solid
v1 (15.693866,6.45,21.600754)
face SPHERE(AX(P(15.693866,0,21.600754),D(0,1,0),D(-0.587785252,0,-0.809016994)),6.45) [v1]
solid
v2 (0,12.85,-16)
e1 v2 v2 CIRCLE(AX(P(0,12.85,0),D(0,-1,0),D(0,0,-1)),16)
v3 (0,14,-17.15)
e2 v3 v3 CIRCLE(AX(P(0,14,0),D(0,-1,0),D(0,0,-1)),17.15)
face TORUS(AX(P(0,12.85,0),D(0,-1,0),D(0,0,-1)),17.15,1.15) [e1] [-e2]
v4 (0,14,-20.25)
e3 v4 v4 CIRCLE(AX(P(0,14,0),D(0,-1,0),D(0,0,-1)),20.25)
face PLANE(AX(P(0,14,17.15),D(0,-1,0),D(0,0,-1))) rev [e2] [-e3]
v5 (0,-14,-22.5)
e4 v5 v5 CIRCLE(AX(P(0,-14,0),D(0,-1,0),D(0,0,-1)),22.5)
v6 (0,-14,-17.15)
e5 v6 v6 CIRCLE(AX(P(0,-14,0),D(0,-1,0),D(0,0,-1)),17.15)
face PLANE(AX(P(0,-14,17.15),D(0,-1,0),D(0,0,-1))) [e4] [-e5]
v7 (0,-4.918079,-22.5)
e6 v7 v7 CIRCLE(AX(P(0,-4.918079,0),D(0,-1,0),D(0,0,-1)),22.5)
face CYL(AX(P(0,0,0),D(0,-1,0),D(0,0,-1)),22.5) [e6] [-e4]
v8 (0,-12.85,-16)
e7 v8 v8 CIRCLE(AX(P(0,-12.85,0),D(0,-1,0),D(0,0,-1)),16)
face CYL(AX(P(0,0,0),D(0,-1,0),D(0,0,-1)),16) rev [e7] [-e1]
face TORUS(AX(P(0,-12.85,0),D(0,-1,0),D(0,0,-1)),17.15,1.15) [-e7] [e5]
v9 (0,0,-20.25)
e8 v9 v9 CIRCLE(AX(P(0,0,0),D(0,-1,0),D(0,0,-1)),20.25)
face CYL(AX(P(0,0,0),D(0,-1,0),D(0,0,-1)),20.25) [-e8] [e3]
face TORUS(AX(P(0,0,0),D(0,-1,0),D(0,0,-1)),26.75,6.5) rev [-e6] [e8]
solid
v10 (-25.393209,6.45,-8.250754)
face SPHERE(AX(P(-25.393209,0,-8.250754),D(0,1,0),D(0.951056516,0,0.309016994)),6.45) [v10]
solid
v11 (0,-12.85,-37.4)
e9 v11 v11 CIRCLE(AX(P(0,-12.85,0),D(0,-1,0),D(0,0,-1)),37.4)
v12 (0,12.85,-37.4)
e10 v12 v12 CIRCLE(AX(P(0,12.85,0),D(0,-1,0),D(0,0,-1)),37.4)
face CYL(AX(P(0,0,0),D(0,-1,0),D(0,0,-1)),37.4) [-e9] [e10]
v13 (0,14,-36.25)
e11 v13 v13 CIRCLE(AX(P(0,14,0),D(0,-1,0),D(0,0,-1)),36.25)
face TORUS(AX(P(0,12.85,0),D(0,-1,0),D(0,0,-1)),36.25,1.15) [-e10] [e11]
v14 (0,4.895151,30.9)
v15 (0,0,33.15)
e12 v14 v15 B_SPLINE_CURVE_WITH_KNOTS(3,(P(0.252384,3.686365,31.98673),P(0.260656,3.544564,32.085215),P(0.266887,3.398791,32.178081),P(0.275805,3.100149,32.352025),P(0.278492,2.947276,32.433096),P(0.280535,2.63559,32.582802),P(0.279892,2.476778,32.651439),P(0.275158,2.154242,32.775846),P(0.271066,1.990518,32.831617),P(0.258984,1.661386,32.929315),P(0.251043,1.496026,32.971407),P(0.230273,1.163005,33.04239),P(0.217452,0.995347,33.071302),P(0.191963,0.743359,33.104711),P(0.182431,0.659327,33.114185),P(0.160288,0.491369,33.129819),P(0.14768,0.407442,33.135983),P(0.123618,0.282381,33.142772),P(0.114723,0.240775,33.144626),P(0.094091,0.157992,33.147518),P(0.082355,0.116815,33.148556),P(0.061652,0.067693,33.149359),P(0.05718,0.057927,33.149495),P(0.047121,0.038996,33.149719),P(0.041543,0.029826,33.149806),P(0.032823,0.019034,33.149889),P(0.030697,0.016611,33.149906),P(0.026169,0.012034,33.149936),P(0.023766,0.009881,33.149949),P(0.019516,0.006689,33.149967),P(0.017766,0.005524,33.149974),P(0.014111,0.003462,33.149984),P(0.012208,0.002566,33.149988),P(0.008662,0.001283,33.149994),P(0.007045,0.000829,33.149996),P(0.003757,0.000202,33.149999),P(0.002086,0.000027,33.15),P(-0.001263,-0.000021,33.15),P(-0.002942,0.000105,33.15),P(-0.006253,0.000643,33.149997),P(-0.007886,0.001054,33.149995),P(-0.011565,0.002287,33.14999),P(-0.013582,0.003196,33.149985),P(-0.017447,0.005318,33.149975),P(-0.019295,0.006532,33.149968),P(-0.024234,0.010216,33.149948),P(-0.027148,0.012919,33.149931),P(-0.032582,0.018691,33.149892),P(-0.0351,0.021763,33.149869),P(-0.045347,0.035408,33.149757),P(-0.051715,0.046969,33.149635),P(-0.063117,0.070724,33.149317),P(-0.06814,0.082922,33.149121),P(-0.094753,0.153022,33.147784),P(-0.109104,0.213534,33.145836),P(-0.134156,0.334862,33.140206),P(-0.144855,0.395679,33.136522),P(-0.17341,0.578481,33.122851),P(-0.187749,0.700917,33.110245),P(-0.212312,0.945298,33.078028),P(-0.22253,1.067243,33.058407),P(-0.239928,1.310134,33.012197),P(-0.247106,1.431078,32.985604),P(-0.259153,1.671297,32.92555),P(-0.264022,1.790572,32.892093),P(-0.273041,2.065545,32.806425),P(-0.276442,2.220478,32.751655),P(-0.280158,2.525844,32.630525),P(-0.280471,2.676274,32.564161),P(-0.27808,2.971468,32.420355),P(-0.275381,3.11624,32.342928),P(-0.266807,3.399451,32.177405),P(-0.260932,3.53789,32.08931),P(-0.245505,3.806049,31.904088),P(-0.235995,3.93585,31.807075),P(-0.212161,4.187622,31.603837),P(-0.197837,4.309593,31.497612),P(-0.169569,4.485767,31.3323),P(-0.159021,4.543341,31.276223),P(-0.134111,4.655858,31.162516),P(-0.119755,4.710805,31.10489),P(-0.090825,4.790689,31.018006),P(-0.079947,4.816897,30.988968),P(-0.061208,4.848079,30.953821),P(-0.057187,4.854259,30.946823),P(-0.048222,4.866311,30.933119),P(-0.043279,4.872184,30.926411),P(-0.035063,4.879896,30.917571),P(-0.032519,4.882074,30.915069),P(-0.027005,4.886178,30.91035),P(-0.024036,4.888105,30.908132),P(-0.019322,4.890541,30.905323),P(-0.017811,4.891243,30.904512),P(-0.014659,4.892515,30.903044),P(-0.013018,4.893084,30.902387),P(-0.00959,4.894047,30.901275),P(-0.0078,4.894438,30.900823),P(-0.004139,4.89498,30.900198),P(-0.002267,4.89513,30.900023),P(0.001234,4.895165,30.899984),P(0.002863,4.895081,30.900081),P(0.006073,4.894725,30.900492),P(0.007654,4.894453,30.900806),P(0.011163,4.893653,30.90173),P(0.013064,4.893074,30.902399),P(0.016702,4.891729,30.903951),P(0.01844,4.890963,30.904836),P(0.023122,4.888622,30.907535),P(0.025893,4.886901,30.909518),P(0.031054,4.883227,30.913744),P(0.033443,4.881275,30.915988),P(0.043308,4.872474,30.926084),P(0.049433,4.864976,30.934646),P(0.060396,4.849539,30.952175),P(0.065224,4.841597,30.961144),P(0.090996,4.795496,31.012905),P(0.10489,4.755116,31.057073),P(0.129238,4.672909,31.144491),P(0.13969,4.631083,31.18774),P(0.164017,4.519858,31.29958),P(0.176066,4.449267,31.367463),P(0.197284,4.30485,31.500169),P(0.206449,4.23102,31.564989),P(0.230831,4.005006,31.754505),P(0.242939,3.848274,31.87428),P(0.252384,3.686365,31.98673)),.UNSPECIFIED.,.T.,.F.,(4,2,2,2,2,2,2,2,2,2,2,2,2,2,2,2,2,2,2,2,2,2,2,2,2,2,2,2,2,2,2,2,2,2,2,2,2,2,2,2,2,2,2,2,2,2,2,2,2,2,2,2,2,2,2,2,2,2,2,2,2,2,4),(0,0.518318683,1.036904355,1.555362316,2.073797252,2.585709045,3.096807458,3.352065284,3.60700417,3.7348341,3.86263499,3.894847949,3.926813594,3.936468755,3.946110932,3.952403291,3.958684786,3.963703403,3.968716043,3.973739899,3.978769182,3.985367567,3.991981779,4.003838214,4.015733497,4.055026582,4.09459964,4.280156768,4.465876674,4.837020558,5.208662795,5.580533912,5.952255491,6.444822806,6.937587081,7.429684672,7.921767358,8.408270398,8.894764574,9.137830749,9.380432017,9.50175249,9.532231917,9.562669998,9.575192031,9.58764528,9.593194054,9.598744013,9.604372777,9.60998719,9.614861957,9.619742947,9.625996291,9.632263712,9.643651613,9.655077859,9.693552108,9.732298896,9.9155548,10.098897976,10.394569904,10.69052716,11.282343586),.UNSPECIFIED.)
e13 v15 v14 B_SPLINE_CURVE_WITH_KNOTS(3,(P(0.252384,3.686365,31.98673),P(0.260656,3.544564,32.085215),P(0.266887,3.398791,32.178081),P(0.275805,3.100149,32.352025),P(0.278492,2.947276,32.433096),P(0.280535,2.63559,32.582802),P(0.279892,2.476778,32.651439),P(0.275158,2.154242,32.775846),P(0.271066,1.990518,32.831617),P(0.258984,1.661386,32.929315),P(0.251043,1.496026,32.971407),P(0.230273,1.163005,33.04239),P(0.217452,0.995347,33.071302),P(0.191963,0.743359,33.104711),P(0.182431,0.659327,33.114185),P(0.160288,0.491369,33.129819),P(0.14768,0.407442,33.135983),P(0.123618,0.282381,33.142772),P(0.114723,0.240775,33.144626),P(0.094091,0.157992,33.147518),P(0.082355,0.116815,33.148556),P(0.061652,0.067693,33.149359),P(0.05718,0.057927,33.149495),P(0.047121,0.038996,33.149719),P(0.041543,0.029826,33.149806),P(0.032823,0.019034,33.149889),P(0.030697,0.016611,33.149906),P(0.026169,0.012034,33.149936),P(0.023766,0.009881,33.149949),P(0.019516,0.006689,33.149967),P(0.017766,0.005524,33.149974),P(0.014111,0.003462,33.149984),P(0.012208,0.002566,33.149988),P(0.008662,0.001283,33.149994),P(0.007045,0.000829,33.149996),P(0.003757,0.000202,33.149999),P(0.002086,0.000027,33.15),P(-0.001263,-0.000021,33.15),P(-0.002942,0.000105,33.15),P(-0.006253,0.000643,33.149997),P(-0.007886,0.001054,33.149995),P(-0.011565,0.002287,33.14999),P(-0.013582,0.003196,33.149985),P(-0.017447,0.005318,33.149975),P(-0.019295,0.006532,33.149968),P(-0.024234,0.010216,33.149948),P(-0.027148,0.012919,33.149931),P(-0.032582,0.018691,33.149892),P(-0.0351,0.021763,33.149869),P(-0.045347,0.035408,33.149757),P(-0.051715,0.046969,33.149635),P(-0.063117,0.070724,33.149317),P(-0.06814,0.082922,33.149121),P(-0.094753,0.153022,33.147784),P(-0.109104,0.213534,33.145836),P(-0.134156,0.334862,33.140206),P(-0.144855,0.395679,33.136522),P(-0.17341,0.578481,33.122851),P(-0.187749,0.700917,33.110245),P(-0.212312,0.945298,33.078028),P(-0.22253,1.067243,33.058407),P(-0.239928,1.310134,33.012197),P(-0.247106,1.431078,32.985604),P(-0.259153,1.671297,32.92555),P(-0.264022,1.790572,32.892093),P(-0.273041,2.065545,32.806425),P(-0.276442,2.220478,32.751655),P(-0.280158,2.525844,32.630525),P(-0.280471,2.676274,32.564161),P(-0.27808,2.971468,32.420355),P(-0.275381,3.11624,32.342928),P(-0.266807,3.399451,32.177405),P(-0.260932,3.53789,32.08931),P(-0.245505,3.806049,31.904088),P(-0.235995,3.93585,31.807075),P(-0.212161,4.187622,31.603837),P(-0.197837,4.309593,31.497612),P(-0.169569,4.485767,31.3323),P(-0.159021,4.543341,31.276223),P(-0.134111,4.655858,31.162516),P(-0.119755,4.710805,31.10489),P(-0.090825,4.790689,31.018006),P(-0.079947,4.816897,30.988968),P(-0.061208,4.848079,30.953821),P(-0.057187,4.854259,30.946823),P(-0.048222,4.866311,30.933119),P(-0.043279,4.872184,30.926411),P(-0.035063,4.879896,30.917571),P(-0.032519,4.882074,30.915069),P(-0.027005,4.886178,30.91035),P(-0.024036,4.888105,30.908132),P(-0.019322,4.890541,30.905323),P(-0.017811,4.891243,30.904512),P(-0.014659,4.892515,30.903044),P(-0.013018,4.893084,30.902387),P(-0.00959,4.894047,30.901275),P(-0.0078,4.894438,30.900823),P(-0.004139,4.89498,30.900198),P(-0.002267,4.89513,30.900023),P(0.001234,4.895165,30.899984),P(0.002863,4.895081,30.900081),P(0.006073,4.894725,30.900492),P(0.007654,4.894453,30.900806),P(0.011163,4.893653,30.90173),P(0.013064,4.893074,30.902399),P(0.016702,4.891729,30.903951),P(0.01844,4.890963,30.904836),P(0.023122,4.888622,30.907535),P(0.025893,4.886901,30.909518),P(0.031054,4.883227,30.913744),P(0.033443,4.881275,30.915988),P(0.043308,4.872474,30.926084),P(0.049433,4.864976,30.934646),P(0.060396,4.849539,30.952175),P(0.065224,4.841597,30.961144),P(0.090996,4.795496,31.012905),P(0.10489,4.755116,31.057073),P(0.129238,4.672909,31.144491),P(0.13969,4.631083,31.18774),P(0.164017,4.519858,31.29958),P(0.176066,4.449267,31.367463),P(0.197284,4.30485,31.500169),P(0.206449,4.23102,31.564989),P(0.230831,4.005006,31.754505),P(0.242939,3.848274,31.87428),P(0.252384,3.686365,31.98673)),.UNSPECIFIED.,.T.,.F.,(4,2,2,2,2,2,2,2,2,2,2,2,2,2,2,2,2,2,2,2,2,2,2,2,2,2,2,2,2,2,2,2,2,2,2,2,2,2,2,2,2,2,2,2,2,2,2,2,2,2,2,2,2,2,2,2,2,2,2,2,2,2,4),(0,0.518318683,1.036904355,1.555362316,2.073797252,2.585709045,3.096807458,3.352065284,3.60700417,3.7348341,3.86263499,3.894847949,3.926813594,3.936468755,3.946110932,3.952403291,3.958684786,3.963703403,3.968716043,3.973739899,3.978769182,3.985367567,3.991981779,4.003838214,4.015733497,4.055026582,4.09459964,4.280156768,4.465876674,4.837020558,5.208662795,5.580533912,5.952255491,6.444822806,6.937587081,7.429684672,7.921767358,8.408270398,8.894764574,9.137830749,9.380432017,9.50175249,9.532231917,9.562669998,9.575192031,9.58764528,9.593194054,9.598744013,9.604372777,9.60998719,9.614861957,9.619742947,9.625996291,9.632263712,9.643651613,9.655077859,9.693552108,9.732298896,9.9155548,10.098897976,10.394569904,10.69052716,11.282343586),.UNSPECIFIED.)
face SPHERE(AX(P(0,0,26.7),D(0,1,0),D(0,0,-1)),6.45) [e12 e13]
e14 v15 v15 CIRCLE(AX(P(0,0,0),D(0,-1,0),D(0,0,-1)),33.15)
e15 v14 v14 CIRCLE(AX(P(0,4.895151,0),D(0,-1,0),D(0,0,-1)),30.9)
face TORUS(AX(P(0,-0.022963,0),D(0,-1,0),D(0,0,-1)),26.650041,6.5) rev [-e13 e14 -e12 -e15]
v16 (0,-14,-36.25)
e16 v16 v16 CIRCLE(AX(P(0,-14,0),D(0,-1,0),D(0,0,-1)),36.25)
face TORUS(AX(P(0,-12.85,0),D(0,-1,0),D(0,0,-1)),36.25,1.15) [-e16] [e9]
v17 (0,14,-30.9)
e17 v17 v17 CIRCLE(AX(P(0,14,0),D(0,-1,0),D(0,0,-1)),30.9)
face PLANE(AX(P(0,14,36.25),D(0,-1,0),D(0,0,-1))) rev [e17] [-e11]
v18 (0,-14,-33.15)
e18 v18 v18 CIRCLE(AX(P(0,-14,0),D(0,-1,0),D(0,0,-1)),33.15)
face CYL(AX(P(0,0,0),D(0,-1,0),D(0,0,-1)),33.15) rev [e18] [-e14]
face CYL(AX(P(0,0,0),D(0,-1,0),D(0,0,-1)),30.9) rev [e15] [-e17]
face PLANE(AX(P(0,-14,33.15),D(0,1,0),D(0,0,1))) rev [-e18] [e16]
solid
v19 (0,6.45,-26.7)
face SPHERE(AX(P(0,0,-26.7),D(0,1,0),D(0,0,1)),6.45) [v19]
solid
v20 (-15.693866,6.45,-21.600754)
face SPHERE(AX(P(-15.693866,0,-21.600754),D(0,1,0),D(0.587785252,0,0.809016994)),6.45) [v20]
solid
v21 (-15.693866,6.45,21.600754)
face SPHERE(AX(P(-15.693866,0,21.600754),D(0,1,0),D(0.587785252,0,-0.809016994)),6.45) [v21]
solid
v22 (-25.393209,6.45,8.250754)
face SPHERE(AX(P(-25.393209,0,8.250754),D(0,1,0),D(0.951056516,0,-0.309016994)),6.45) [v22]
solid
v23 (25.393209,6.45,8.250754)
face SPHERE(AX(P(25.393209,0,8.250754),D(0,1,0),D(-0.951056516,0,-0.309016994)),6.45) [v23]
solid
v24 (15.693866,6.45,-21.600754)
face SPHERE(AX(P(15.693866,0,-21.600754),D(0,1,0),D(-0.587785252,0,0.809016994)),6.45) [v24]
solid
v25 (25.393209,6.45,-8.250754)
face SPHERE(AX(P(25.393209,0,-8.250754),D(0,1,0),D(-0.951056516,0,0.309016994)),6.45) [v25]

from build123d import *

# Parameters (mm, degrees)
CIRPATTERN1_COUNT = 10


with BuildPart() as part:
    # Sketch1 → Revolve1 (revolve)
    with BuildSketch(Plane(origin=(0, 0, 0), x_dir=(0, 0, -1), z_dir=(1, 0, 0)), mode=Mode.PRIVATE) as revolve1_sk:
        with BuildLine():
            Line((-16, 12.85), (-16, -12.85))
            ThreePointArc((-16, -12.85), (-16.336827202, -13.663172798), (-17.15, -14))
            Line((-17.15, -14), (-22.5, -14))
            Line((-22.5, -14), (-22.5, -4.918078893))
            ThreePointArc((-22.5, -4.918078893), (-20.839204791, -2.704163457), (-20.25, 0))
            Line((-20.25, 0), (-20.25, 14))
            Line((-20.25, 14), (-17.15, 14))
            ThreePointArc((-17.15, 14), (-16.336827202, 13.663172798), (-16, 12.85))
        make_face()
    revolve(revolve1_sk.sketch.rotate(Axis((0, 0, 0), (0, 1, 0)), 180), axis=Axis((0, 0, 0), (0, 1, 0)))


with BuildPart() as body_2:
    # Sketch2 → Revolve4 (revolve)
    with BuildSketch(Plane(origin=(0, 0, 0), x_dir=(0, 0, -1), z_dir=(1, 0, 0))):
        with BuildLine():
            Line((-26.7, 6.45), (-26.7, -6.45))
            ThreePointArc((-26.7, -6.45), (-33.15, 0), (-26.7, 6.45))
        make_face()
    revolve(axis=Axis((0, 6.45, 26.7), (0, -1, 0)))


with BuildPart() as cirpattern1_1:
    # CirPattern1: pattern copy
    add(body_2.part.rotate(Axis((0, 0, 0), (0, 1, 0)), 1 * 360 / CIRPATTERN1_COUNT))


with BuildPart() as cirpattern1_2:
    # CirPattern1: pattern copy
    add(body_2.part.rotate(Axis((0, 0, 0), (0, 1, 0)), 2 * 360 / CIRPATTERN1_COUNT))


with BuildPart() as cirpattern1_3:
    # CirPattern1: pattern copy
    add(body_2.part.rotate(Axis((0, 0, 0), (0, 1, 0)), 3 * 360 / CIRPATTERN1_COUNT))


with BuildPart() as cirpattern1_4:
    # CirPattern1: pattern copy
    add(body_2.part.rotate(Axis((0, 0, 0), (0, 1, 0)), 4 * 360 / CIRPATTERN1_COUNT))


with BuildPart() as cirpattern1_5:
    # CirPattern1: pattern copy
    add(body_2.part.rotate(Axis((0, 0, 0), (0, 1, 0)), 5 * 360 / CIRPATTERN1_COUNT))


with BuildPart() as cirpattern1_6:
    # CirPattern1: pattern copy
    add(body_2.part.rotate(Axis((0, 0, 0), (0, 1, 0)), 6 * 360 / CIRPATTERN1_COUNT))


with BuildPart() as cirpattern1_7:
    # CirPattern1: pattern copy
    add(body_2.part.rotate(Axis((0, 0, 0), (0, 1, 0)), 7 * 360 / CIRPATTERN1_COUNT))


with BuildPart() as cirpattern1_8:
    # CirPattern1: pattern copy
    add(body_2.part.rotate(Axis((0, 0, 0), (0, 1, 0)), 8 * 360 / CIRPATTERN1_COUNT))


with BuildPart() as cirpattern1_9:
    # CirPattern1: pattern copy
    add(body_2.part.rotate(Axis((0, 0, 0), (0, 1, 0)), 9 * 360 / CIRPATTERN1_COUNT))


with BuildPart() as body_2_1:
    add(body_2.part)

    # Sketch3 → Revolve5 (revolve)
    with BuildSketch(Plane(origin=(0, 0, 0), x_dir=(0, 0, -1), z_dir=(1, 0, 0)), mode=Mode.PRIVATE) as revolve5_sk:
        with BuildLine():
            Line((-33.15, -14), (-36.25, -14))
            ThreePointArc((-36.25, -14), (-37.063172798, -13.663172798), (-37.4, -12.85))
            Line((-37.4, -12.85), (-37.4, 12.85))
            ThreePointArc((-37.4, 12.85), (-37.063172798, 13.663172798), (-36.25, 14))
            Line((-36.25, 14), (-30.9, 14))
            Line((-30.9, 14), (-30.9, 4.895150662))
            ThreePointArc((-30.9, 4.895150662), (-32.556038696, 2.691661192), (-33.15, 0))
            Line((-33.15, 0), (-33.15, -14))
        make_face()
    revolve(revolve5_sk.sketch.rotate(Axis((0, 0, 0), (0, 1, 0)), 180), axis=Axis((0, 0, 0), (0, 1, 0)))


solid = Compound([part.part, cirpattern1_1.part, cirpattern1_2.part, cirpattern1_3.part, cirpattern1_4.part, cirpattern1_5.part, cirpattern1_6.part, cirpattern1_7.part, cirpattern1_8.part, cirpattern1_9.part, body_2_1.part])
